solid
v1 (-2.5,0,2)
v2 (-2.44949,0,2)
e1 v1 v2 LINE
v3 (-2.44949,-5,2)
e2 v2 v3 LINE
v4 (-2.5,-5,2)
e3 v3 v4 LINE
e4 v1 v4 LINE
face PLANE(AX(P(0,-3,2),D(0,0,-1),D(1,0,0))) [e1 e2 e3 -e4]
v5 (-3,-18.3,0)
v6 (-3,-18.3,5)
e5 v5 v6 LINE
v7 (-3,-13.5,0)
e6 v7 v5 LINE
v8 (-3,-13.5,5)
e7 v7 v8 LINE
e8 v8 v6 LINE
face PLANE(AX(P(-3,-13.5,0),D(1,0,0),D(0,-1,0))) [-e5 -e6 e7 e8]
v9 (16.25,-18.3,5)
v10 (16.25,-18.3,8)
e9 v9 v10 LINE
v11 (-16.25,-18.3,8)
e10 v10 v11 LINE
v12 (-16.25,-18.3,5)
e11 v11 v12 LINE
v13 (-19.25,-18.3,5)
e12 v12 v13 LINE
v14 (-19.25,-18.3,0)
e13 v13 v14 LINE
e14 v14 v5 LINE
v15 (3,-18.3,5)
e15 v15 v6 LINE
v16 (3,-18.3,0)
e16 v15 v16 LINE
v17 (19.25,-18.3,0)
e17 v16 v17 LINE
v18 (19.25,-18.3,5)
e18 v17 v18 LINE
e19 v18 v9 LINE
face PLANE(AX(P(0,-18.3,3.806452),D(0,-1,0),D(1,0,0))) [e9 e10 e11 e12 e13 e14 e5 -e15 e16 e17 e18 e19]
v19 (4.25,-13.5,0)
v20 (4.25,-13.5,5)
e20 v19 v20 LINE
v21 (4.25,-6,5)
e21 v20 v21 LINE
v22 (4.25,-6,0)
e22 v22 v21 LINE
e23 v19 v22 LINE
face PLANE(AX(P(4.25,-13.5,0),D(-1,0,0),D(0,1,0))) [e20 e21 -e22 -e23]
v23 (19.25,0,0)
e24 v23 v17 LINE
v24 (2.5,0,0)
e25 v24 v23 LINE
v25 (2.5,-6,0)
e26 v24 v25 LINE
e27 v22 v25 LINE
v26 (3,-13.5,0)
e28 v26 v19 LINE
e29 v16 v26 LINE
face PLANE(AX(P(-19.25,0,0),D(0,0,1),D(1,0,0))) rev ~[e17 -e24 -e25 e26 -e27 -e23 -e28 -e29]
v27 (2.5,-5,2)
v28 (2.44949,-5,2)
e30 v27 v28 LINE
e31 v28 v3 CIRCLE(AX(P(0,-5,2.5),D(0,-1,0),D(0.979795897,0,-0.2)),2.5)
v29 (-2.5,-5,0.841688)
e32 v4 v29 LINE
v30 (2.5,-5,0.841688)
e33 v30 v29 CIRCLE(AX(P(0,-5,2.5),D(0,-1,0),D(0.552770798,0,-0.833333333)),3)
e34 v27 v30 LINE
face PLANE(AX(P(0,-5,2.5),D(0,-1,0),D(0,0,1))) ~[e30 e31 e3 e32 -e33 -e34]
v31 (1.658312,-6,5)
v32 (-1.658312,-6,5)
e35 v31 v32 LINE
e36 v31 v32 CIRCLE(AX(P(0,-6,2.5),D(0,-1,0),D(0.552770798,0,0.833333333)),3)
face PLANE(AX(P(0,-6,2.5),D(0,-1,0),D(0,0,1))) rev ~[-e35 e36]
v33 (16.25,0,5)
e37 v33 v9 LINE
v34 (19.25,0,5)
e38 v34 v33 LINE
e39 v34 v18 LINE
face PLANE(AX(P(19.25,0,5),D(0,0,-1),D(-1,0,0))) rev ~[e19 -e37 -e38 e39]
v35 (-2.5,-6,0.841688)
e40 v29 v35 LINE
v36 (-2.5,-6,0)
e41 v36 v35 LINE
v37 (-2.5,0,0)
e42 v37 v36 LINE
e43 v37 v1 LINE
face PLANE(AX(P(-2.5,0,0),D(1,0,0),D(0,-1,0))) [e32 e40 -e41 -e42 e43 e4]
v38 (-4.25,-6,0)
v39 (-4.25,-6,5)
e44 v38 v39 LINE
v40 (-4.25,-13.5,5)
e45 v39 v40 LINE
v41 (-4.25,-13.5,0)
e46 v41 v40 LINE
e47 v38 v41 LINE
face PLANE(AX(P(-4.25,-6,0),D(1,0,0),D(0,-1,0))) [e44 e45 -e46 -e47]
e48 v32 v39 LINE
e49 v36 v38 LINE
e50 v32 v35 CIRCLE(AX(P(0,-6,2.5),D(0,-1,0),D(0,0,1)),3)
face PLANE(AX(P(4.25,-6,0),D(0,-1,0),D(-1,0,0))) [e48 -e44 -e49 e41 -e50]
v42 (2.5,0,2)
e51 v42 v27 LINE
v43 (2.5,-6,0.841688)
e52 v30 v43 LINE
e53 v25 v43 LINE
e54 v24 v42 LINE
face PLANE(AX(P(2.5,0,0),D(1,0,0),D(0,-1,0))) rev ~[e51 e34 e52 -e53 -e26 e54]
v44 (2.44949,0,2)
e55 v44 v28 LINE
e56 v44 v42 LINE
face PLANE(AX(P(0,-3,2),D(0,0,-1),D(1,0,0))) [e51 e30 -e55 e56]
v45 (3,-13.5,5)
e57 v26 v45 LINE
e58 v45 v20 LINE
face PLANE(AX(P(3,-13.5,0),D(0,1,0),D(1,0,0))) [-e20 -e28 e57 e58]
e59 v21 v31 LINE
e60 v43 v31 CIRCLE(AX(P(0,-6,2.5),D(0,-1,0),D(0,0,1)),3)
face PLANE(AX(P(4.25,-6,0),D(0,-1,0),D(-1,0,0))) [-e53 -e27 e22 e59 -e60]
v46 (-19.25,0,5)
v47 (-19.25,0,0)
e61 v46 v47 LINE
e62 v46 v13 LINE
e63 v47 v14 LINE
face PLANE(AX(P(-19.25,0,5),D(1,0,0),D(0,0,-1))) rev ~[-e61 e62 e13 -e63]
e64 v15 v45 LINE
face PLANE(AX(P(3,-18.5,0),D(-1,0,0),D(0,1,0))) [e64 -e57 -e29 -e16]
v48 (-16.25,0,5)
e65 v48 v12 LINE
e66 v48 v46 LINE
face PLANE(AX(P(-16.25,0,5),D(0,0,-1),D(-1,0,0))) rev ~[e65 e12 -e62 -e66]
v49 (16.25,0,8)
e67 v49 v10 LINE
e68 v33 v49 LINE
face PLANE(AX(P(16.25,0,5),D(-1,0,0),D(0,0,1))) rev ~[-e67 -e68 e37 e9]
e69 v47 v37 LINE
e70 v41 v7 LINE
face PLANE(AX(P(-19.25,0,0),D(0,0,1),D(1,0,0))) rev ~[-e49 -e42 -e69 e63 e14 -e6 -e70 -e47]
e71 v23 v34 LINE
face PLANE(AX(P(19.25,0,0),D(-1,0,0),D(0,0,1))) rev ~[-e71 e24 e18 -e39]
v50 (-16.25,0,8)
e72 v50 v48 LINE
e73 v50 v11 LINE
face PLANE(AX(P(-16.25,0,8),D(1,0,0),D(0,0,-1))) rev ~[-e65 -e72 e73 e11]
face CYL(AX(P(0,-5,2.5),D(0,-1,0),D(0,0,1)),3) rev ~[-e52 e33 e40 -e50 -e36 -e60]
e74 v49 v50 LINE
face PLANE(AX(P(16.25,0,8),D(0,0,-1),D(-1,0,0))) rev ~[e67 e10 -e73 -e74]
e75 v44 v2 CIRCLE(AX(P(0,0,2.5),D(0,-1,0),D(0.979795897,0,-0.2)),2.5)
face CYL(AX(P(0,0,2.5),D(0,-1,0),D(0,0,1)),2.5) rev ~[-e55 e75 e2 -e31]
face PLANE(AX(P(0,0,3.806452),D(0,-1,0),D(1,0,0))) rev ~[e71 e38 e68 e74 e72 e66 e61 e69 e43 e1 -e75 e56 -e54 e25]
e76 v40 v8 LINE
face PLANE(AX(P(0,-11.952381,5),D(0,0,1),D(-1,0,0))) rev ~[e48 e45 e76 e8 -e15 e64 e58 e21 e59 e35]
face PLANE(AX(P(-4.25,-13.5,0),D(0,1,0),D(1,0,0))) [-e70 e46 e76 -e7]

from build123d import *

# Parameters (mm, degrees)
PAD_DEPTH       = 18.3
POCKET_DEPTH    = 5
SKETCH004_W     = 5
SKETCH004_H     = 6
POCKET001_DEPTH = 2


with BuildPart() as part:
    # Sketch → Pad (new body)
    with BuildSketch(Plane.XZ):
        Polygon((-19.25, 0), (19.25, 0), (19.25, 5), (16.25, 5), (16.25, 8), (-16.25, 8), (-16.25, 5), (-19.25, 5), align=None)
    extrude(amount=PAD_DEPTH)

    # Sketch001 (on Face1 of Pad) → Pocket (cut)
    with BuildSketch(Plane(origin=(0, 0, 0), x_dir=(1, 0, 0), z_dir=(0, 0, -1))):
        Polygon((4.25, 13.5), (4.25, 6), (-4.25, 6), (-4.25, 13.5), (-3, 13.5), (-3, 18.5), (3, 18.5), (3, 13.5), align=None)
    extrude(amount=-POCKET_DEPTH, mode=Mode.SUBTRACT)

    # Sketch003 → Groove (revolve, cut)
    with BuildSketch(Plane.YZ):
        Polygon((0, 2.5), (0, 5), (-5, 5), (-5, 5.5), (-6, 5.5), (-6, 2.5), align=None)
    revolve(axis=Axis((0, 0, 2.5), (0, -1, 0)), mode=Mode.SUBTRACT)

    # Sketch004 (on Face1 of Groove) → Pocket001 (cut)
    with BuildSketch(Plane(origin=(0, 0, 0), x_dir=(1, 0, 0), z_dir=(0, 0, -1))):
        with Locations((0, 3)):
            Rectangle(SKETCH004_W, SKETCH004_H)
    extrude(amount=-POCKET001_DEPTH, mode=Mode.SUBTRACT)


solid = part.part
